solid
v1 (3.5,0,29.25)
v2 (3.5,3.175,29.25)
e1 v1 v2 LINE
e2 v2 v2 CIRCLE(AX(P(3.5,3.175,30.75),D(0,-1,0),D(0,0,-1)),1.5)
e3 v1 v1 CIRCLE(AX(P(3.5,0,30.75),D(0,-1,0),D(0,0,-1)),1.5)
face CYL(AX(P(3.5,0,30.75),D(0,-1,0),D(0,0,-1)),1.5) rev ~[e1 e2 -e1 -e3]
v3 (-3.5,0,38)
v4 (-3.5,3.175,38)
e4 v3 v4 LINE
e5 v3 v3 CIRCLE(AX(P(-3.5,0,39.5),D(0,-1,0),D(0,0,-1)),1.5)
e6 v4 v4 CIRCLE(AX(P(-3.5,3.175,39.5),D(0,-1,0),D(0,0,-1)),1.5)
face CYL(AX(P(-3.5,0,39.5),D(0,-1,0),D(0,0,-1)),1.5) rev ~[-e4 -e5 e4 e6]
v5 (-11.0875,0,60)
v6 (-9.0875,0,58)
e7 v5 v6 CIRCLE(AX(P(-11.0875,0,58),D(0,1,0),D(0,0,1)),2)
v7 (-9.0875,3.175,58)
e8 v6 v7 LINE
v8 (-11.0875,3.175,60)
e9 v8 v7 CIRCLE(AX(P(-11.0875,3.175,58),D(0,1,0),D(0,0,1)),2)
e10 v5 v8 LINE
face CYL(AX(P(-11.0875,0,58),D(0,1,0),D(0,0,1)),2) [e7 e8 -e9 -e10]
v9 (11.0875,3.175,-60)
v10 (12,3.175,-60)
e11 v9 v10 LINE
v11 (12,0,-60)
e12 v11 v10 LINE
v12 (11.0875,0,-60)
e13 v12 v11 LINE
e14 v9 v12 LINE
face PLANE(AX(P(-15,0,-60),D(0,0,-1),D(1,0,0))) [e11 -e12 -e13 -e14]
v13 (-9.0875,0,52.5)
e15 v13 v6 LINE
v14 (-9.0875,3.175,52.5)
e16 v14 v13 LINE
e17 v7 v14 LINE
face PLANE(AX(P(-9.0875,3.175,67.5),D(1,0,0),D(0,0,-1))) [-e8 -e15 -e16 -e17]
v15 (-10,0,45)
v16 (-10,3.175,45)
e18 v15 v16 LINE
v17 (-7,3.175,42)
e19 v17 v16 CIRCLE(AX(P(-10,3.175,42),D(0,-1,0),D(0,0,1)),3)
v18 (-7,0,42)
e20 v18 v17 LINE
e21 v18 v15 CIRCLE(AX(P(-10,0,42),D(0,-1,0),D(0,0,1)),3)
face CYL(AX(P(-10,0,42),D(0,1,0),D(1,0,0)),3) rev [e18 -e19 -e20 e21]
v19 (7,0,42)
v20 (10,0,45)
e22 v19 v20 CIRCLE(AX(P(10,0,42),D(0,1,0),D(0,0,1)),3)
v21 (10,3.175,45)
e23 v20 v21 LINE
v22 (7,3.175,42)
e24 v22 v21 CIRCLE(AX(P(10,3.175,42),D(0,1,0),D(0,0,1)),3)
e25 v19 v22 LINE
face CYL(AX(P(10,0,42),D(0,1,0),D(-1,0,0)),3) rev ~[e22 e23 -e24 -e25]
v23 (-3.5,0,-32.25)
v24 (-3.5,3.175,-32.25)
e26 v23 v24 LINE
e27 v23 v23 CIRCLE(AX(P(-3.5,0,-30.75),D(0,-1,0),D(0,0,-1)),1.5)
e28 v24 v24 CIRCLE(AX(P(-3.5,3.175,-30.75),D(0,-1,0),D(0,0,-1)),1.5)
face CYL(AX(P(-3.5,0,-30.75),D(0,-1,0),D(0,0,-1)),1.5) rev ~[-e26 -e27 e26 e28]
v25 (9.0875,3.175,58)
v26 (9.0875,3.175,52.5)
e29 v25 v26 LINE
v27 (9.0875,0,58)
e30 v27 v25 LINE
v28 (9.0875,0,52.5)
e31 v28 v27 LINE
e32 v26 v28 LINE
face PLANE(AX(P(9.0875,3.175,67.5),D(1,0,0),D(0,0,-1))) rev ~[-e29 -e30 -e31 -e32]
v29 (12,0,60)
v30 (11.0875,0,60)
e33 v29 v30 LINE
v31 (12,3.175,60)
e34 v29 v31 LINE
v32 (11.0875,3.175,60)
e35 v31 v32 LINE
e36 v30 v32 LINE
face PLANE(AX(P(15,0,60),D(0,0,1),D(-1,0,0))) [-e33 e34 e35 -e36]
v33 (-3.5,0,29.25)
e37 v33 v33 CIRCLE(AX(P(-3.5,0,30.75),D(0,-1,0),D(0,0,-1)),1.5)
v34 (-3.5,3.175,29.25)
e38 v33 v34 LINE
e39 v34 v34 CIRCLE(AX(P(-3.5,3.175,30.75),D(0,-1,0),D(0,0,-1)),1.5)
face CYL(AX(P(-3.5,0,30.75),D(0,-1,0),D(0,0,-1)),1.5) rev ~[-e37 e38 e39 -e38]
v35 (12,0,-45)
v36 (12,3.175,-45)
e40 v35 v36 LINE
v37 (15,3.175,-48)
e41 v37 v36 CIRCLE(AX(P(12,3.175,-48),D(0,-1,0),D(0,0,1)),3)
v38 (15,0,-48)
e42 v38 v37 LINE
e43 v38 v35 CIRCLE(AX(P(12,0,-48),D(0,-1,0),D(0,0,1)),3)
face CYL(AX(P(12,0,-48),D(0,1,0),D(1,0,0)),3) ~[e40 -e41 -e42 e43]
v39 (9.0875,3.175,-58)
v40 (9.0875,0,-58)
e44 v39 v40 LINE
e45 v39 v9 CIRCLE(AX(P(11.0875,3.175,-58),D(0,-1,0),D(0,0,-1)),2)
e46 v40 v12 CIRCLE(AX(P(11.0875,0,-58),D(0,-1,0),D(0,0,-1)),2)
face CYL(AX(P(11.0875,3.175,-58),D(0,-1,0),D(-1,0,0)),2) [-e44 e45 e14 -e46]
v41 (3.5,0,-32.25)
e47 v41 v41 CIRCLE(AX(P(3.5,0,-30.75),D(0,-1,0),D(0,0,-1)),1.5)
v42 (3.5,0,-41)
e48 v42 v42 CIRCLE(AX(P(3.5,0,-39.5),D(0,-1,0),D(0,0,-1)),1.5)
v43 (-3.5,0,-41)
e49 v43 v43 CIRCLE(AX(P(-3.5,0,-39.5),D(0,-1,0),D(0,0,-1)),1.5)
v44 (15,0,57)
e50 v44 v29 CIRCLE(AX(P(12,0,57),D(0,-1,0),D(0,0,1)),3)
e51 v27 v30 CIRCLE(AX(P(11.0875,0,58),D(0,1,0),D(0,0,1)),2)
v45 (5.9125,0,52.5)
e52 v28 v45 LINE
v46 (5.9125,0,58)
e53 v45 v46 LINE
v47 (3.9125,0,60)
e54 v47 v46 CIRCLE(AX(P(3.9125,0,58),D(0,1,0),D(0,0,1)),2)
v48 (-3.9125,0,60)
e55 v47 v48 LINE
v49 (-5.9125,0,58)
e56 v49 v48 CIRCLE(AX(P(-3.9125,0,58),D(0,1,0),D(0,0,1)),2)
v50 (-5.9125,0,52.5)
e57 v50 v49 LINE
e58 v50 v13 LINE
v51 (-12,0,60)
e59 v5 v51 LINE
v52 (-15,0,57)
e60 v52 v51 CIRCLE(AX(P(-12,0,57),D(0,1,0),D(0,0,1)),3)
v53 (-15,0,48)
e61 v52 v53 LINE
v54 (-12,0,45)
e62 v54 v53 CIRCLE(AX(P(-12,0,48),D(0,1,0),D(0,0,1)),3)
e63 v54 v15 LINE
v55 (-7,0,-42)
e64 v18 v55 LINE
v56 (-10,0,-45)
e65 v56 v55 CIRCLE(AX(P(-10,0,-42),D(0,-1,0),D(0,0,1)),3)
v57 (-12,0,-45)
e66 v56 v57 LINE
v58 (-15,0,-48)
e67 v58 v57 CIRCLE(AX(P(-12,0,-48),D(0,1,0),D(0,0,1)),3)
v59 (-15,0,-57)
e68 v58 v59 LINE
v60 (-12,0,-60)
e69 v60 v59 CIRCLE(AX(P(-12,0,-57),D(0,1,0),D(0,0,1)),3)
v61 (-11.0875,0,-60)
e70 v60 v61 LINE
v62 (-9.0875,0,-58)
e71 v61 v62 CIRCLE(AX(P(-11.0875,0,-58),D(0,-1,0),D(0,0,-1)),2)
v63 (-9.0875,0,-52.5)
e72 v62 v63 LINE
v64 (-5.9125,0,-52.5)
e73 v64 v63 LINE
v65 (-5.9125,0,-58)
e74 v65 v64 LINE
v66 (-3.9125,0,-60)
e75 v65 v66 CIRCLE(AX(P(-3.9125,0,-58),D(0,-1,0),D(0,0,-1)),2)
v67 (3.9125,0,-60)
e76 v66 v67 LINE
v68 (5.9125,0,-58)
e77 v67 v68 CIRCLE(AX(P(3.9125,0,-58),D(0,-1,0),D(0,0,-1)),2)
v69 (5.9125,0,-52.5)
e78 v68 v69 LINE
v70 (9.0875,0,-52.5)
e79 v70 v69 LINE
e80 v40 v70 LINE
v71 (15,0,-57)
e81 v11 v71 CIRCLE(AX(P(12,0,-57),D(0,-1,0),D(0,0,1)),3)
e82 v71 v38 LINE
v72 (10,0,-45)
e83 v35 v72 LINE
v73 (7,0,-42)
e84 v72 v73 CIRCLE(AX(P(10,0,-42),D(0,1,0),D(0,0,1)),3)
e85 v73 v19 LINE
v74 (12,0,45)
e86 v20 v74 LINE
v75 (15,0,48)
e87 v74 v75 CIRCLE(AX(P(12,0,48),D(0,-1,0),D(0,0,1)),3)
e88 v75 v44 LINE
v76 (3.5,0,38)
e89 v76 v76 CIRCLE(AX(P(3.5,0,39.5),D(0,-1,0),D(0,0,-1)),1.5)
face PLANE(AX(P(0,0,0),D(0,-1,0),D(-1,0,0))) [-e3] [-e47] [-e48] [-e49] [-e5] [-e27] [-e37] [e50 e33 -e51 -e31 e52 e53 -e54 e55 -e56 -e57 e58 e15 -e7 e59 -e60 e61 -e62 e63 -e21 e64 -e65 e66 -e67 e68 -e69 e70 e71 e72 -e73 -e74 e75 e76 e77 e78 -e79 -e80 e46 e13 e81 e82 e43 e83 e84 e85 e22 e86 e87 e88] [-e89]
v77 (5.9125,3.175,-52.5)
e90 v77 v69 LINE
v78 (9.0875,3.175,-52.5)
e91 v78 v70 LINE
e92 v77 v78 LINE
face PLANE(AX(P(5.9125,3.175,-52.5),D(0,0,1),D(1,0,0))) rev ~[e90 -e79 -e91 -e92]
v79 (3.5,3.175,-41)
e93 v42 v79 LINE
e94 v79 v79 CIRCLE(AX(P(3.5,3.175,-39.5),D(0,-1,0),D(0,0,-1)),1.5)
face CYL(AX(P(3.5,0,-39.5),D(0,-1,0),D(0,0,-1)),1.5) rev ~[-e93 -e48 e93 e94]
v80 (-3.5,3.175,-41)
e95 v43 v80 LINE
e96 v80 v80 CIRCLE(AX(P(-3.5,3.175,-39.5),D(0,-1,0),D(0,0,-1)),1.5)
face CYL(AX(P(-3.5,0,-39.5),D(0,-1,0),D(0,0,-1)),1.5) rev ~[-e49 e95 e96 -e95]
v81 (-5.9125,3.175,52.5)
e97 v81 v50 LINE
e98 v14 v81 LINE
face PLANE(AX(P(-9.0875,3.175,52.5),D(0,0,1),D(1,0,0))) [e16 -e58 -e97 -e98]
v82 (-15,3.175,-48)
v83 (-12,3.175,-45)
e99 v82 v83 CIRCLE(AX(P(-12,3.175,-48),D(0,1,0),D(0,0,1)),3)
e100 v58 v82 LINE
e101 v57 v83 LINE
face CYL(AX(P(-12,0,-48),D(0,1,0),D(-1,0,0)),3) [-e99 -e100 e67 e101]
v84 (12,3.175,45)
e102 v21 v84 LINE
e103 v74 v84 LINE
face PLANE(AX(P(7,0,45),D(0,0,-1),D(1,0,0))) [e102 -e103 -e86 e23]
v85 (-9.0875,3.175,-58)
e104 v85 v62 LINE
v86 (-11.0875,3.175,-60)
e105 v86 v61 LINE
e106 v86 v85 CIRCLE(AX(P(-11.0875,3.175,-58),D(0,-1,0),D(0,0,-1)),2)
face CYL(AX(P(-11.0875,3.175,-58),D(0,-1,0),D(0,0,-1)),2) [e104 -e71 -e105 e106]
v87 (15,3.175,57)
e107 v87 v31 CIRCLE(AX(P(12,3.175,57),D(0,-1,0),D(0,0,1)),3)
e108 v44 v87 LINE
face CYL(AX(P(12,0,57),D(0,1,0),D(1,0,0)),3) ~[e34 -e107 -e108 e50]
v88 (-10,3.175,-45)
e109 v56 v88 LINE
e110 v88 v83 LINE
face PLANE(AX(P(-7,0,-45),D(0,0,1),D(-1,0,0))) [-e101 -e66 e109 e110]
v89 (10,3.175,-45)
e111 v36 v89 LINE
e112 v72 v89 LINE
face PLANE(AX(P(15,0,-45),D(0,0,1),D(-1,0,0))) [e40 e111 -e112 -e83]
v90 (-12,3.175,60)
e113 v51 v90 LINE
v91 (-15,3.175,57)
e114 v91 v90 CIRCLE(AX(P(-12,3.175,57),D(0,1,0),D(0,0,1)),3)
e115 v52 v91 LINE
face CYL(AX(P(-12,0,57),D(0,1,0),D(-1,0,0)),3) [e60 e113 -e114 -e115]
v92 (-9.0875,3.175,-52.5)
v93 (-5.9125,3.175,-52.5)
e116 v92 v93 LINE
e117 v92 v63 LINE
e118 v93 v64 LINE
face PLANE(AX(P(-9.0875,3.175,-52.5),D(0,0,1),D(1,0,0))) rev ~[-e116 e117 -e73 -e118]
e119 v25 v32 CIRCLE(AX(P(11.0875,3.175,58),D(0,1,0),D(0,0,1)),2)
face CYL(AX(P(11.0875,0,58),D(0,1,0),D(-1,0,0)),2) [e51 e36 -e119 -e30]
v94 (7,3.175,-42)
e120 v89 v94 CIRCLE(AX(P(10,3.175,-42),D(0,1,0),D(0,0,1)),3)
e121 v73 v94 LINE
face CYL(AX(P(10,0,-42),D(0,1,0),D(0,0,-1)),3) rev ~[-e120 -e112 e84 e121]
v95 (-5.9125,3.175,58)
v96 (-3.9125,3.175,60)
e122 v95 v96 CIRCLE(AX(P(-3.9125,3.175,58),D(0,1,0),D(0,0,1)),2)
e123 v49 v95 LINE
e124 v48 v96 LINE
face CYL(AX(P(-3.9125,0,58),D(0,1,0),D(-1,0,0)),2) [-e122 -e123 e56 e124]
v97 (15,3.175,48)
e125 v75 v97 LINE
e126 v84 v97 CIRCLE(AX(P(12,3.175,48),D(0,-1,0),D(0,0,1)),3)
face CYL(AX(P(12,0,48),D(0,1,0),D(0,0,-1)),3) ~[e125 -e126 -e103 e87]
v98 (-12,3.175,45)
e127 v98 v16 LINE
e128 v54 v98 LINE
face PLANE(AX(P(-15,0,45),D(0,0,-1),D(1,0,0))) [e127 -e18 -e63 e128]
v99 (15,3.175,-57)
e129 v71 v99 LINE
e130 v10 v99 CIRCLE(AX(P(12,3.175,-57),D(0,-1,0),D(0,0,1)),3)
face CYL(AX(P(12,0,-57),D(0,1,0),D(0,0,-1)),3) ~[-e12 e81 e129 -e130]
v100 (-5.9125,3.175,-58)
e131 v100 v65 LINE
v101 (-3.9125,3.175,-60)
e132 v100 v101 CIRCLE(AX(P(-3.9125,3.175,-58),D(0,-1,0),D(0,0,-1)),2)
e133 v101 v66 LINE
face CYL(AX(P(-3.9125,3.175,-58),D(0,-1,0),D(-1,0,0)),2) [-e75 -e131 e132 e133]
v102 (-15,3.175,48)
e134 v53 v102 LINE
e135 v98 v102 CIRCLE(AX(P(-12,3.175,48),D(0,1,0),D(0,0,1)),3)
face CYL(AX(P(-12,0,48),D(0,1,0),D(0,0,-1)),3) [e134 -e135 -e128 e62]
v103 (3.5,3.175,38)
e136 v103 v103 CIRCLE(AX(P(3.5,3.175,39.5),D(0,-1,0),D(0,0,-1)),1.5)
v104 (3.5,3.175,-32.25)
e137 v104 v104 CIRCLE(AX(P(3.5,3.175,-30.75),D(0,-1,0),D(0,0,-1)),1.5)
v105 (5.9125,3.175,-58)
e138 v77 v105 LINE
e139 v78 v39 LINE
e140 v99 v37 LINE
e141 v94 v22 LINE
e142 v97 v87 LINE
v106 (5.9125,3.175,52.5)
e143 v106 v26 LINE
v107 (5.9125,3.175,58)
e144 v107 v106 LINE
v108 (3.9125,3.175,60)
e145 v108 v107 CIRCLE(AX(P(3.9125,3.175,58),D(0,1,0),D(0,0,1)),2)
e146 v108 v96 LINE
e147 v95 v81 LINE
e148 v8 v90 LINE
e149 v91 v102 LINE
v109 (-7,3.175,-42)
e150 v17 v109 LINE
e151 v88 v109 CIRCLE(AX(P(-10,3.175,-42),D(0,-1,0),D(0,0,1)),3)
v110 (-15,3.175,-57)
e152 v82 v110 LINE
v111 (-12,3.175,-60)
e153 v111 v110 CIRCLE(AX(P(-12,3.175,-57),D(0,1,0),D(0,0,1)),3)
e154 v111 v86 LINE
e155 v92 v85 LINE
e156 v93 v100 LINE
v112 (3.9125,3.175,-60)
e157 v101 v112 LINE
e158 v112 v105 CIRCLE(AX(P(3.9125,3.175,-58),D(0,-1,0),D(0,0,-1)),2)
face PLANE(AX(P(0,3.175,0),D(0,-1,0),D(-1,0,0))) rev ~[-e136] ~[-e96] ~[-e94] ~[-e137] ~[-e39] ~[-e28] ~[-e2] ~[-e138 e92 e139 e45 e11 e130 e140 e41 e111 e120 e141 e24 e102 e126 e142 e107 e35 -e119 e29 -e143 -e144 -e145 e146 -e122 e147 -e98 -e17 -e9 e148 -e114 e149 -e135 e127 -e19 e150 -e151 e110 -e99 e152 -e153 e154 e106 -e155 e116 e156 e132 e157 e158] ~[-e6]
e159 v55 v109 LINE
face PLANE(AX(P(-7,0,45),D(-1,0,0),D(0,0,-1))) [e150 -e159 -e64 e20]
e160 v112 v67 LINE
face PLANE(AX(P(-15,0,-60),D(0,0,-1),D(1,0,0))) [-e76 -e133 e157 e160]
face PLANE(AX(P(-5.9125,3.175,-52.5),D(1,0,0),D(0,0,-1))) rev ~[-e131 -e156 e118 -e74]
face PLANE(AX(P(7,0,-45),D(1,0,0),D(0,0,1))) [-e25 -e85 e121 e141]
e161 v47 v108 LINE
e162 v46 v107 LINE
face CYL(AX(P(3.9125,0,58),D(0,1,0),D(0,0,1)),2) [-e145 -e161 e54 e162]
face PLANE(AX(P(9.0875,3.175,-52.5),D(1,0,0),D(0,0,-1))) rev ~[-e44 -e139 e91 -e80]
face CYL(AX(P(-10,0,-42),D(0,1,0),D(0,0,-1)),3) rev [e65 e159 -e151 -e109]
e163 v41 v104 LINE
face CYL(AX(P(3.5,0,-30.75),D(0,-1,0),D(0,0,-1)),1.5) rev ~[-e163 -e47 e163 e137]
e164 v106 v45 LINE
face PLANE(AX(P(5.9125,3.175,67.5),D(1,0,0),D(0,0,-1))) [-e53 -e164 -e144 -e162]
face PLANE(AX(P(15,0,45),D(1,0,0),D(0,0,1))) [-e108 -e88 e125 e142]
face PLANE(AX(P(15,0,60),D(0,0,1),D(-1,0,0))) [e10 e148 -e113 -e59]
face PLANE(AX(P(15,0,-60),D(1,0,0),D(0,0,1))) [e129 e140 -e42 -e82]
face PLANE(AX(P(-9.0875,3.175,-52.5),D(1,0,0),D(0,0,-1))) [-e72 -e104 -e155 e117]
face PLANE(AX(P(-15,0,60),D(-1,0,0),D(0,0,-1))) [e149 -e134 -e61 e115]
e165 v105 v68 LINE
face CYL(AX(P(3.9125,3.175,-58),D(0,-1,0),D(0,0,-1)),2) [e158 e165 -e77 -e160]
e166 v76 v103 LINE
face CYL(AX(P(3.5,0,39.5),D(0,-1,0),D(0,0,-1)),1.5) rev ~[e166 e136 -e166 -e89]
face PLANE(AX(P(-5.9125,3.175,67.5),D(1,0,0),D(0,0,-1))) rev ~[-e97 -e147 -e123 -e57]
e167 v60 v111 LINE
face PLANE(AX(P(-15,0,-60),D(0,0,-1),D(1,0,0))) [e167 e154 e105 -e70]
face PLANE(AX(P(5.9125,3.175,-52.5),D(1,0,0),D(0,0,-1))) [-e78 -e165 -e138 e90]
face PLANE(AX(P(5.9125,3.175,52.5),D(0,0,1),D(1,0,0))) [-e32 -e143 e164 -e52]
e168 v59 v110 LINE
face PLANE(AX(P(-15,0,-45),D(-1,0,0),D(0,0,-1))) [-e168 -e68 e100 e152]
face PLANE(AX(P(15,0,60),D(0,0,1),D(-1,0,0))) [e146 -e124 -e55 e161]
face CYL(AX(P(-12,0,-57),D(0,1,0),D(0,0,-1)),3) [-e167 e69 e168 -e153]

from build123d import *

# Parameters (mm, degrees)
BOSS_EXTRUDE1_DEPTH = 3.175
SKETCH2_W           = 3.175
SKETCH2_H           = 15
CUT_EXTRUDE1_DEPTH  = 62.928027782
SKETCH5_R           = 1.5
CUT_EXTRUDE2_DEPTH  = 10
FILLET1_R           = 2
FILLET2_R           = 3


with BuildPart() as part:
    # Sketch1 → Boss-Extrude1 (new body)
    with BuildSketch(Plane(origin=(0, 0, 0), x_dir=(1, 0, 0), z_dir=(0, 1, 0))):
        Polygon((-15, 60), (15, 60), (15, 45), (7, 45), (7, -45), (15, -45), (15, -60), (-15, -60), (-15, -45), (-7, -45), (-7, 45), (-15, 45), align=None)
    extrude(amount=BOSS_EXTRUDE1_DEPTH)

    # Sketch2 → Cut-Extrude1 (cut, through all)
    with BuildSketch(Plane(origin=(0, 3.175, 0), x_dir=(1, 0, 0), z_dir=(0, 1, 0))):
        with Locations((7.5, 60)):
            Rectangle(SKETCH2_W, SKETCH2_H)
        with Locations((-7.5, 60)):
            Rectangle(SKETCH2_W, SKETCH2_H)
        with Locations((7.5, -60)):
            Rectangle(SKETCH2_W, SKETCH2_H)
        with Locations((-7.5, -60)):
            Rectangle(SKETCH2_W, SKETCH2_H)
    extrude(amount=-CUT_EXTRUDE1_DEPTH, mode=Mode.SUBTRACT)

    # Sketch5 → Cut-Extrude2 (cut)
    with BuildSketch(Plane.XZ):
        with Locations(Location((3.5, -39.5, 0), (0, 0, 270))):
            Circle(SKETCH5_R)
        with Locations(Location((-3.5, -39.5, 0), (0, 0, 270))):
            Circle(SKETCH5_R)
        with Locations(Location((-3.5, -30.75, 0), (0, 0, 270))):
            Circle(SKETCH5_R)
        with Locations(Location((3.5, 30.75, 0), (0, 0, 270))):
            Circle(SKETCH5_R)
        with Locations(Location((-3.5, 30.75, 0), (0, 0, 270))):
            Circle(SKETCH5_R)
        with Locations(Location((3.5, 39.5, 0), (0, 0, 270))):
            Circle(SKETCH5_R)
        with Locations(Location((-3.5, 39.5, 0), (0, 0, 270))):
            Circle(SKETCH5_R)
        with Locations(Location((3.5, -30.75, 0), (0, 0, 270))):
            Circle(SKETCH5_R)
    extrude(amount=-CUT_EXTRUDE2_DEPTH, mode=Mode.SUBTRACT)

    # Fillet1
    fillet1_edges = [part.edges().sort_by_distance(p)[0] for p in [
        (-5.9125, 1.5875, -60),
        (-9.0875, 1.5875, -60),
        (5.9125, 1.5875, 60),
        (9.0875, 1.5875, 60),
        (-5.9125, 1.5875, 60),
        (-9.0875, 1.5875, 60),
        (9.0875, 1.5875, -60),
        (5.9125, 1.5875, -60),
    ]]
    fillet(fillet1_edges, radius=FILLET1_R)

    # Fillet2
    fillet2_edges = [part.edges().sort_by_distance(p)[0] for p in [
        (7, 1.5875, -45),
        (7, 1.5875, 45),
        (15, 1.5875, 45),
        (15, 1.5875, 60),
        (-15, 1.5875, 60),
        (-15, 1.5875, 45),
        (-7, 1.5875, 45),
        (-7, 1.5875, -45),
        (-15, 1.5875, -45),
        (-15, 1.5875, -60),
        (15, 1.5875, -60),
        (15, 1.5875, -45),
    ]]
    fillet(fillet2_edges, radius=FILLET2_R)


solid = part.part
